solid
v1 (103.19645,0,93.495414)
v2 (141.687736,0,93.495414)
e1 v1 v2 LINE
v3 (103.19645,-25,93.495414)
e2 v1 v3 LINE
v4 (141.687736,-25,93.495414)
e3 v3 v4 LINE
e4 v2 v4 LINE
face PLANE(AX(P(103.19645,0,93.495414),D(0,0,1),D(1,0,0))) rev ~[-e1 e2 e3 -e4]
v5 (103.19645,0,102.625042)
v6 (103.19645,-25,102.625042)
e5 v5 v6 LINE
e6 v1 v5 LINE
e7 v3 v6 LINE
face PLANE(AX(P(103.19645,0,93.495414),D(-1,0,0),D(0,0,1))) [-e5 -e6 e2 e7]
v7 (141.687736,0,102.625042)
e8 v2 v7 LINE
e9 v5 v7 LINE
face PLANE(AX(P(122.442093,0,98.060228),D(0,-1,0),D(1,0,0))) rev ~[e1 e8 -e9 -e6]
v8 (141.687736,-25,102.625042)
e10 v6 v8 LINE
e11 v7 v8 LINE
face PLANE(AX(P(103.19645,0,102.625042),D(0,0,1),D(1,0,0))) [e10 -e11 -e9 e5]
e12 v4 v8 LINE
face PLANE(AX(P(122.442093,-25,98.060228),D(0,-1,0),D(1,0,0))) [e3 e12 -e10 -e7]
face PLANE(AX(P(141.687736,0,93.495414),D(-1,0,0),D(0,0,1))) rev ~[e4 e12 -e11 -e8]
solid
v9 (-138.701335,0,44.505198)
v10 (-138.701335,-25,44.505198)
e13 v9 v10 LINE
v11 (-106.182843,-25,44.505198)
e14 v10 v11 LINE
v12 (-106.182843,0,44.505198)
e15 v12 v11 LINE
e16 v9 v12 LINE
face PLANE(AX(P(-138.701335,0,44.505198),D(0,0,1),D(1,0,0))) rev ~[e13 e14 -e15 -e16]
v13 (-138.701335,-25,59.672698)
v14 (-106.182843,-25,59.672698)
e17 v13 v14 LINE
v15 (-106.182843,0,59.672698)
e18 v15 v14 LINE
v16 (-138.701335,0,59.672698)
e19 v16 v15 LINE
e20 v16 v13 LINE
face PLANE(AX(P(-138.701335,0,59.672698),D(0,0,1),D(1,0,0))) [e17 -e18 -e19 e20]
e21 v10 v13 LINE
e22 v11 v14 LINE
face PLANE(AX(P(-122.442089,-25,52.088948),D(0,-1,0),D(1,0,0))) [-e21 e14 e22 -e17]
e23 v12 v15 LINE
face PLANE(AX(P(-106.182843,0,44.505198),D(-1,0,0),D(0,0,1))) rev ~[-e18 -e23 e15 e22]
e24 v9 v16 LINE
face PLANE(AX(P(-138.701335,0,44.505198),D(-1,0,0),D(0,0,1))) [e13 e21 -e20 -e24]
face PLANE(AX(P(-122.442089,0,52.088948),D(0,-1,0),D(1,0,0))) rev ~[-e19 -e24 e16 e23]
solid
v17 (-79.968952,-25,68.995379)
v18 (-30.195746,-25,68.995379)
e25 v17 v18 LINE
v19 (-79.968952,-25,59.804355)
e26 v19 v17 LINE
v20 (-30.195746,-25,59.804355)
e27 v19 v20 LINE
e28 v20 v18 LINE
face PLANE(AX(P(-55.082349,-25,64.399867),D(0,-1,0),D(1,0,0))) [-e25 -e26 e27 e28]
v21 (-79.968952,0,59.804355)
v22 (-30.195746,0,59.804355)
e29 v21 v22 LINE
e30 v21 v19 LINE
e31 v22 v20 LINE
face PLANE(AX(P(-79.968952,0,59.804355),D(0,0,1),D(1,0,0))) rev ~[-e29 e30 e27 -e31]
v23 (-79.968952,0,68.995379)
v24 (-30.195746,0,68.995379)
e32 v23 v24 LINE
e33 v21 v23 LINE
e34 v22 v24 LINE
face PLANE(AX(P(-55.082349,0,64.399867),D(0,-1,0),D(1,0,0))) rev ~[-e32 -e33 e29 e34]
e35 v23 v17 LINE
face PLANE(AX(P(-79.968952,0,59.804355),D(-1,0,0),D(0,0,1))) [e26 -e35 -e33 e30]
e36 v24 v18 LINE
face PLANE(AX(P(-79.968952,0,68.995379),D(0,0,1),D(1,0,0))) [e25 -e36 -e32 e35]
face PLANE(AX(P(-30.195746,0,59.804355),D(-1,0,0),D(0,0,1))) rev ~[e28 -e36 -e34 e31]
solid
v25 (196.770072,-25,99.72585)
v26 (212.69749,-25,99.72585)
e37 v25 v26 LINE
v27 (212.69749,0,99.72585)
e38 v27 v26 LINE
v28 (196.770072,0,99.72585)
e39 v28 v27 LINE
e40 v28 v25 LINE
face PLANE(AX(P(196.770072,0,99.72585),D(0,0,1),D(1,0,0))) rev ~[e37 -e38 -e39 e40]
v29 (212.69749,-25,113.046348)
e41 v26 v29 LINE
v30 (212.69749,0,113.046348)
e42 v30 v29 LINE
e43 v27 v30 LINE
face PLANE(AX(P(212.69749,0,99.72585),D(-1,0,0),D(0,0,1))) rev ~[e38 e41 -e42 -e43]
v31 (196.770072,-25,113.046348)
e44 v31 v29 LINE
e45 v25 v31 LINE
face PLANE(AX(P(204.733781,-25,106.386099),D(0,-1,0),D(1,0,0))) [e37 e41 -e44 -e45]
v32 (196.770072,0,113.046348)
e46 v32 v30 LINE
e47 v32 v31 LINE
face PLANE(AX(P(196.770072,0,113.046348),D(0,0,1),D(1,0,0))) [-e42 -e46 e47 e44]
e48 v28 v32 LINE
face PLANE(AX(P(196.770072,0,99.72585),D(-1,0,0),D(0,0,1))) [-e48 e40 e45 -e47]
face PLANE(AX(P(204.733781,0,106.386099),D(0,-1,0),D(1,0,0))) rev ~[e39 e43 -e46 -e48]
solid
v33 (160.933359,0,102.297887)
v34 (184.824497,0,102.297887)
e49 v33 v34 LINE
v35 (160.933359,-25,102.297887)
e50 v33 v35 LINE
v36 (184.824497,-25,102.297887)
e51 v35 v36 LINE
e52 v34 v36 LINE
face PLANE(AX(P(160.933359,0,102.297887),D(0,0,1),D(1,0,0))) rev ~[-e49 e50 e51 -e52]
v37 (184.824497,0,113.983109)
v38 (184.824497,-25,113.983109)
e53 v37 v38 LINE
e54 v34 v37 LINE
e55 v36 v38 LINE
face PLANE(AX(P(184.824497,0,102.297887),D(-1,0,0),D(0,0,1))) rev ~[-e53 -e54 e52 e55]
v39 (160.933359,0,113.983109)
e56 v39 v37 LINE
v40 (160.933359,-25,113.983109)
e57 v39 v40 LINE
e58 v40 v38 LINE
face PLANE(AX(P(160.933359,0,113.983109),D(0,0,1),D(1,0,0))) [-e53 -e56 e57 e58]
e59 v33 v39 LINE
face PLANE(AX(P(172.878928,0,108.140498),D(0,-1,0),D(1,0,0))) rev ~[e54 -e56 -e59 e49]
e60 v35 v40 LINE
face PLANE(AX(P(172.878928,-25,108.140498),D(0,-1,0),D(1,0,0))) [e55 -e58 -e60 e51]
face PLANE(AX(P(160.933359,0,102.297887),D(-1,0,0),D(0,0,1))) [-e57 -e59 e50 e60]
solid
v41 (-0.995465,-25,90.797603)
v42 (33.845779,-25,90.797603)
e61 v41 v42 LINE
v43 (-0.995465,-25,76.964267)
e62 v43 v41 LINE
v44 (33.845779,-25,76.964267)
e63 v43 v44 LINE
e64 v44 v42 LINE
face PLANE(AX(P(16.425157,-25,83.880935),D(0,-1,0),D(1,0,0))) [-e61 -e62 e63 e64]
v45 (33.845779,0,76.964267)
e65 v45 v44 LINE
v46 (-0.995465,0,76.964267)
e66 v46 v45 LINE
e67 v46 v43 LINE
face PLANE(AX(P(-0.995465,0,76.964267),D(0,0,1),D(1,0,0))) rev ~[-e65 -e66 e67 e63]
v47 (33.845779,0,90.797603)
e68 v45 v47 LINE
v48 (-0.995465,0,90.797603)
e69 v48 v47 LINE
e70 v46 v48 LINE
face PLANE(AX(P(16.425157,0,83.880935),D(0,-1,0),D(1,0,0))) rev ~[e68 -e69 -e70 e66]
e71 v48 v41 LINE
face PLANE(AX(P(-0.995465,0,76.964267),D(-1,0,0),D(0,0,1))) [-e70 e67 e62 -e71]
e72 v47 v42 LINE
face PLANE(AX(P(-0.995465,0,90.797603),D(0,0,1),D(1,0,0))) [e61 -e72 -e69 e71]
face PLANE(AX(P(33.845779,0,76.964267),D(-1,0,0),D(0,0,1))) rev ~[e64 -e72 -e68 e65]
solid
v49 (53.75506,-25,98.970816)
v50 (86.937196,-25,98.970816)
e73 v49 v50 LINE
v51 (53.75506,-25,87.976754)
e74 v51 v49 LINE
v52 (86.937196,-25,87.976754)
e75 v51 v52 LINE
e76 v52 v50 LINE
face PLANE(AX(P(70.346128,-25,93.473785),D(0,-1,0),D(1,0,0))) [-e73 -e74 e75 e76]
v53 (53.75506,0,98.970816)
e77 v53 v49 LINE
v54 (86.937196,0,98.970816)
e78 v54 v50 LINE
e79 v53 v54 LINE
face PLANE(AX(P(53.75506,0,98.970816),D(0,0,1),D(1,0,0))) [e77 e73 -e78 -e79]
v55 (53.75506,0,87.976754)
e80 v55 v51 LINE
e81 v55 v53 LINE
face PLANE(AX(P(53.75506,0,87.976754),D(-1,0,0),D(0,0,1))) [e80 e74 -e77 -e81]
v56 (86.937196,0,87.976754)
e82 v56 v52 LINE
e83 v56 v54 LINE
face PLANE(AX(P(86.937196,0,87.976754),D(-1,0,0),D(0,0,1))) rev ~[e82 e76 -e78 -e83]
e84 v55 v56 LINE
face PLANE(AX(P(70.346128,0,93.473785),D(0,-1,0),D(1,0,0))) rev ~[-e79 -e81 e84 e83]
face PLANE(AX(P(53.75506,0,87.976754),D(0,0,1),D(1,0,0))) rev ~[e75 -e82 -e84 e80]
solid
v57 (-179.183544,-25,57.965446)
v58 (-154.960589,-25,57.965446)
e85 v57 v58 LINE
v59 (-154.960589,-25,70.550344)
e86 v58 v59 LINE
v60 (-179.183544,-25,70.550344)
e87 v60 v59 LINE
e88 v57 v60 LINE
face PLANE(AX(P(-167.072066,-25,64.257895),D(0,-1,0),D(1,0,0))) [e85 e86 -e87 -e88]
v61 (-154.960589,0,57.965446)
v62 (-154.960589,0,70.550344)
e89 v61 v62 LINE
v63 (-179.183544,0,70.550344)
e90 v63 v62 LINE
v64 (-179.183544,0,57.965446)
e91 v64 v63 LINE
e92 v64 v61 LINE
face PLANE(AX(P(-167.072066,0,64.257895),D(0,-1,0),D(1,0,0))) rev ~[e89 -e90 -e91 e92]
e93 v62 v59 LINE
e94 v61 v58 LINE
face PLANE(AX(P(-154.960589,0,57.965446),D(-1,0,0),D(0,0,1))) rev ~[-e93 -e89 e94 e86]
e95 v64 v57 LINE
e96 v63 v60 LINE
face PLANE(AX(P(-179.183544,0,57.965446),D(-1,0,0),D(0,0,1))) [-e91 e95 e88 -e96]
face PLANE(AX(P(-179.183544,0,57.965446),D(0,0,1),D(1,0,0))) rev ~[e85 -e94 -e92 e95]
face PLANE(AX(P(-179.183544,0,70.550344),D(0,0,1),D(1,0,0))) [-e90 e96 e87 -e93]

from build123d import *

# Parameters (mm, degrees)
F0_W     = 24.222955
F0_H     = 12.584899
F0_W_2   = 32.518492
F0_H_2   = 15.1675
F0_W_3   = 49.773205
F0_H_3   = 9.191025
F0_W_4   = 34.841244
F0_H_4   = 13.833336
F0_W_5   = 33.182137
F0_H_5   = 10.994062
F0_W_6   = 38.491286
F0_H_6   = 9.129628
F0_W_7   = 23.891137
F0_H_7   = 11.685223
F0_W_8   = 15.927419
F0_H_8   = 13.320498
F1_DEPTH = 25


with BuildPart() as f1:
    # F0 (on Front) → F1 (new body)
    with BuildSketch(Plane.XZ):
        with Locations((-167.072066, 64.257895)):
            Rectangle(F0_W, F0_H)
        with Locations((-122.442089, 52.088948)):
            Rectangle(F0_W_2, F0_H_2)
        with Locations((-55.082349, 64.399867)):
            Rectangle(F0_W_3, F0_H_3)
        with Locations((16.425157, 83.880935)):
            Rectangle(F0_W_4, F0_H_4)
        with Locations((70.346128, 93.473785)):
            Rectangle(F0_W_5, F0_H_5)
        with Locations((122.442093, 98.060228)):
            Rectangle(F0_W_6, F0_H_6)
        with Locations((172.878928, 108.140498)):
            Rectangle(F0_W_7, F0_H_7)
        with Locations((204.733781, 106.386099)):
            Rectangle(F0_W_8, F0_H_8)
    extrude(amount=F1_DEPTH)


solid = f1.part
